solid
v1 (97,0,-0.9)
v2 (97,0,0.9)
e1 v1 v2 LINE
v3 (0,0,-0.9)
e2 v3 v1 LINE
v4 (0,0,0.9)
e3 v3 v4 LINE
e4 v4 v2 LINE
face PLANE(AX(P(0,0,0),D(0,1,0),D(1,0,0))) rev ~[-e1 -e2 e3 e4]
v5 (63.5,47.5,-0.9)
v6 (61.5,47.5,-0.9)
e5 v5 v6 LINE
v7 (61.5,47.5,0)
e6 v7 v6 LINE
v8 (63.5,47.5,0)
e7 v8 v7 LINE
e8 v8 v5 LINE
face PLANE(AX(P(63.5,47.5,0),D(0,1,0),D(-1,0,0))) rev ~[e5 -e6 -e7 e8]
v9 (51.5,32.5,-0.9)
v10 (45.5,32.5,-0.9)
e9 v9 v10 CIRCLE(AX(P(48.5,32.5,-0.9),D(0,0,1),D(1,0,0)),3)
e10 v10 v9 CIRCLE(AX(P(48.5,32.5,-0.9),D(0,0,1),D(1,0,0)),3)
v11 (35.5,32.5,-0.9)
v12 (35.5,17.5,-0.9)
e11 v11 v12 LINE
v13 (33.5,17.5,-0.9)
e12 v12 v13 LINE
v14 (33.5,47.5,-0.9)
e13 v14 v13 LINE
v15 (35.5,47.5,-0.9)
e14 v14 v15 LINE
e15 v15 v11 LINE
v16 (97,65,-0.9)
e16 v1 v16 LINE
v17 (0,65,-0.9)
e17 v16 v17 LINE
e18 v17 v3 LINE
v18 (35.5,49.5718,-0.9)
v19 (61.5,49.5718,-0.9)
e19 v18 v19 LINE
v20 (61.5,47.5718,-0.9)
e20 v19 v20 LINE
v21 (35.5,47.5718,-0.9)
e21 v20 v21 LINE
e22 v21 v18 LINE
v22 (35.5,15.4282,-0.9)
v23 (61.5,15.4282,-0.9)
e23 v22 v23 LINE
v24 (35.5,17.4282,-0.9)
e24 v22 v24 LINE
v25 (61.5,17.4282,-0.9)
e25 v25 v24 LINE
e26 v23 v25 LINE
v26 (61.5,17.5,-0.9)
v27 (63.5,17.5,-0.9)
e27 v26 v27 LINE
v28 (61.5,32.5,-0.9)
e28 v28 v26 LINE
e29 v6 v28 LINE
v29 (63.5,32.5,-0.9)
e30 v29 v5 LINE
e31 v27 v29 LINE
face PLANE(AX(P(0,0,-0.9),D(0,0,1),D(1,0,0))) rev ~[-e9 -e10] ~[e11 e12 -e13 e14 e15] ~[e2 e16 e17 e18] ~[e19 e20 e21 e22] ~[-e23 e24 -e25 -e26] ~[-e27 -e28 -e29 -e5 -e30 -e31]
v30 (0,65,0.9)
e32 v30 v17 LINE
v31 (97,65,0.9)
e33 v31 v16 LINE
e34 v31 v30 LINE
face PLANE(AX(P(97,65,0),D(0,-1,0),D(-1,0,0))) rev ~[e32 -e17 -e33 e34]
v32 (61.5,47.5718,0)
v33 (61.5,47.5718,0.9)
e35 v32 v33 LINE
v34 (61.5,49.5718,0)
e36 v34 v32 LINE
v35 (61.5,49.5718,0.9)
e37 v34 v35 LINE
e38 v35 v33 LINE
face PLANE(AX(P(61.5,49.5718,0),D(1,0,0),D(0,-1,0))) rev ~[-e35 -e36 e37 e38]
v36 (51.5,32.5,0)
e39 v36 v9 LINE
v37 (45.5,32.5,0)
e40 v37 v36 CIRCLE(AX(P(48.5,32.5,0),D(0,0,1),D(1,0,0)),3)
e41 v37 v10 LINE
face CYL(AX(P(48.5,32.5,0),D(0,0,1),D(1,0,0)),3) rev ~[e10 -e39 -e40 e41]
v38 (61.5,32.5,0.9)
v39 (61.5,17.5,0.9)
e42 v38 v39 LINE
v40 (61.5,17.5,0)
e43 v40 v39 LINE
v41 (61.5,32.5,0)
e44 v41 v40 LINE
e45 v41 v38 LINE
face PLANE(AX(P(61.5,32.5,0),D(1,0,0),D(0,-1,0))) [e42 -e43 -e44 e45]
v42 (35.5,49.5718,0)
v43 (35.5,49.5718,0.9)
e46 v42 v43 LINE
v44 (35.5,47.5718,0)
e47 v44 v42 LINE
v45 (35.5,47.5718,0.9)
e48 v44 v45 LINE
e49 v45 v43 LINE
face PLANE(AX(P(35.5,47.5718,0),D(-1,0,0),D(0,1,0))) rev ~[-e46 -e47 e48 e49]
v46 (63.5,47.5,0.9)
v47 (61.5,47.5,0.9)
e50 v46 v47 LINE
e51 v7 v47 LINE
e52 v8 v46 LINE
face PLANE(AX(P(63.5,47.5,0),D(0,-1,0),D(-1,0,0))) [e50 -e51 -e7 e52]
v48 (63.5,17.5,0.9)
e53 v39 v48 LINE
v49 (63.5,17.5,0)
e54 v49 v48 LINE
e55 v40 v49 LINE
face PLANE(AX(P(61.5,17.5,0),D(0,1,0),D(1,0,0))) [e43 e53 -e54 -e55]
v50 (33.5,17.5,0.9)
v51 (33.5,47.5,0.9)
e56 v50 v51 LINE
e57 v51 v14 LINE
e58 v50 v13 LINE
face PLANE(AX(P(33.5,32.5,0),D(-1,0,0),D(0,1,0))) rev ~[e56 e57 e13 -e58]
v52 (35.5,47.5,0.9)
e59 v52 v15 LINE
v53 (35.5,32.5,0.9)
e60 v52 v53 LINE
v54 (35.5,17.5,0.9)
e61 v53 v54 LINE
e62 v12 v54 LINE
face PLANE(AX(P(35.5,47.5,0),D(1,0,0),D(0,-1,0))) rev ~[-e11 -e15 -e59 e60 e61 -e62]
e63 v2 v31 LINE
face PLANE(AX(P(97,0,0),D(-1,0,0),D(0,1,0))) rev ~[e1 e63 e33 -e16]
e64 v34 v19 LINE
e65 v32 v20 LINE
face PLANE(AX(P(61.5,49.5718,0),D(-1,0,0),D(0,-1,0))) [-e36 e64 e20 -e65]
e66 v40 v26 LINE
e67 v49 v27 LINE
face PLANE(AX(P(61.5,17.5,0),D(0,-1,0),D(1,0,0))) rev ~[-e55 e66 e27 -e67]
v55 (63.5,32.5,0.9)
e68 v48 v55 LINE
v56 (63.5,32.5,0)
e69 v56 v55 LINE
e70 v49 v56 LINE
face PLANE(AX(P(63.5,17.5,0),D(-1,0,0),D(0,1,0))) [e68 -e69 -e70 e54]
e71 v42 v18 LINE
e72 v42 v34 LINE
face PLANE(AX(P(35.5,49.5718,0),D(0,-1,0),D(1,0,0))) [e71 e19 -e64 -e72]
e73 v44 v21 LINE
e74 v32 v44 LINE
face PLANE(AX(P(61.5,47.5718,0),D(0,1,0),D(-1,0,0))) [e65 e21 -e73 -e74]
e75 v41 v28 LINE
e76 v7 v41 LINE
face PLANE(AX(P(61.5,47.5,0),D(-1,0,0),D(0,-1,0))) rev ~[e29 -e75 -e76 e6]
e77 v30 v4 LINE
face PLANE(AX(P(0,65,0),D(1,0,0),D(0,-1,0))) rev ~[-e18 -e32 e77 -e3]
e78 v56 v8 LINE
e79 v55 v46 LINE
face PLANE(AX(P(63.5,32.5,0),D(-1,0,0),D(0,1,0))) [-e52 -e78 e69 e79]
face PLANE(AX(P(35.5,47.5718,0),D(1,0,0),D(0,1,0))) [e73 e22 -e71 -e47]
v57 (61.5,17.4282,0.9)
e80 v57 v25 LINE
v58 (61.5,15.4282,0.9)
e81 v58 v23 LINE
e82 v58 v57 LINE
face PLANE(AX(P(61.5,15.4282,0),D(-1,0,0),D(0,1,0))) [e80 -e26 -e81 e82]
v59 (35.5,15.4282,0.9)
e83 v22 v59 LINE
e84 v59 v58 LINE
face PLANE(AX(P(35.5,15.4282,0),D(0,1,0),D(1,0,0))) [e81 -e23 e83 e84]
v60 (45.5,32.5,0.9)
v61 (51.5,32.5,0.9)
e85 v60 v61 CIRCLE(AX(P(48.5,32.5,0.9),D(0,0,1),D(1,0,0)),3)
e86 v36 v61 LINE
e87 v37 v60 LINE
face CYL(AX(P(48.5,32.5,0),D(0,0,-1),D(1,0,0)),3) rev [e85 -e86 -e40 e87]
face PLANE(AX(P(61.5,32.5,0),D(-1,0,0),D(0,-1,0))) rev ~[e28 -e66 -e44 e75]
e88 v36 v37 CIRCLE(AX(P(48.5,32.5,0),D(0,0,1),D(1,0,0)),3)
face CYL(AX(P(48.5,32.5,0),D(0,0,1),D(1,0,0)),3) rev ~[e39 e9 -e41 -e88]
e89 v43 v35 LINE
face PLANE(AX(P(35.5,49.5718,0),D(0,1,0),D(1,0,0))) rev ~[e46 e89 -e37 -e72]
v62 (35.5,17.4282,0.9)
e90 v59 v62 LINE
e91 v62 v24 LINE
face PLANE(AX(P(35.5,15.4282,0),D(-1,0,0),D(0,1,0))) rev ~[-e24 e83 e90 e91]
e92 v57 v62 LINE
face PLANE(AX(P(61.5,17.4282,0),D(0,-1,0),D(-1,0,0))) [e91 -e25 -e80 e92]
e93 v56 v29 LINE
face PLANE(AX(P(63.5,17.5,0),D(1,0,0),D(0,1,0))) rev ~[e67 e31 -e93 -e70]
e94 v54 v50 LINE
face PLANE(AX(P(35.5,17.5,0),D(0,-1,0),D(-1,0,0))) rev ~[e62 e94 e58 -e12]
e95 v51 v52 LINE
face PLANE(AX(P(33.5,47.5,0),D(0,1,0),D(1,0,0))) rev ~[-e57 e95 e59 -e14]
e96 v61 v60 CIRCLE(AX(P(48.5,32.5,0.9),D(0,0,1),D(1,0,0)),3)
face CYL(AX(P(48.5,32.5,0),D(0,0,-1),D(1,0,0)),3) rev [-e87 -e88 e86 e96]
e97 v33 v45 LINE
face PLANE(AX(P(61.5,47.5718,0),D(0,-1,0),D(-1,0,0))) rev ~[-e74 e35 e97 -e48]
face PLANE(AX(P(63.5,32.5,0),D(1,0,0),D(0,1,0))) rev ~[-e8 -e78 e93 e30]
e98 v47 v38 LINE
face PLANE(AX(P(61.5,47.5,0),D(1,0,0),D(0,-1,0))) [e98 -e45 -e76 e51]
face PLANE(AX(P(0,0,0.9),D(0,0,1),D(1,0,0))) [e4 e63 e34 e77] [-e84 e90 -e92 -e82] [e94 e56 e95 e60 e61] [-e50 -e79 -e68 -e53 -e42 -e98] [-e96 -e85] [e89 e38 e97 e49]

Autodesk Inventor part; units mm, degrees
ref_plane "YZ Plane" through (0, 0, 0) normal (1, 0, 0) x (0, 1, 0)
ref_plane "XZ Plane" through (0, 0, 0) normal (0, 1, 0) x (-1, 0, 0)
ref_plane "XY Plane" through (0, 0, 0) normal (0, 0, 1) x (1, 0, 0)
sketch "Sketch1" plane through (0, 0, 0) normal (0, 0, 1) x (1, 0, 0)
  line L0 (0, 0) -> (97, 0)
  line L1 (97, 0) -> (97, 65)
  line L2 (97, 65) -> (0, 65)
  line L3 (0, 65) -> (0, 0)
  circle A0 centre (48.5, 32.5) radius 3
  line L4 (63.5, 47.5) -> (61.5, 47.5)
  line L5 (61.5, 47.5) -> (61.5, 17.5)
  line L6 (61.5, 17.5) -> (63.5, 17.5)
  line L7 (63.5, 17.5) -> (63.5, 47.5)
  line L8 (33.5, 47.5) -> (35.5, 47.5)
  line L9 (35.5, 47.5) -> (35.5, 17.5)
  line L10 (35.5, 17.5) -> (33.5, 17.5)
  line L11 (33.5, 17.5) -> (33.5, 47.5)
  line L12 (35.5, 49.5718) -> (61.5, 49.5718)
  line L13 (61.5, 49.5718) -> (61.5, 47.5718)
  line L14 (61.5, 47.5718) -> (35.5, 47.5718)
  line L15 (35.5, 47.5718) -> (35.5, 49.5718)
  line L16 (48.5, 32.5) -> (31.2053, 32.5)
  line L17 (31.2053, 32.5) -> (48.5, 32.5)
  line L18 (48.5, 32.5) -> (67.3058, 32.5)
  line L19 (35.5, 15.4282) -> (61.5, 15.4282)
  line L20 (61.5, 17.4282) -> (35.5, 17.4282)
  line L21 (61.5, 15.4282) -> (61.5, 17.4282)
  line L22 (35.5, 15.4282) -> (35.5, 17.4282)
  point P0 (0, 32.5)
  point P1 (62.5, 47.5)
  dimension "d2" = 97
  dimension "d3" = 65
  dimension "d4" = 6
  dimension "d6" = 32.5
  dimension "d7" = 48.5
  dimension "d8" = 2
  dimension "d9" = 30
  dimension "d12" = 15
  dimension "d13" = 2
  dimension "d14" = 30
  dimension "d15" = 15
  dimension "d16" = 2
  dimension "d20" = 26
  dimension "d21" = 0
extrude "Extrusion1" add sketch "Sketch1" along normal mid plane 1.8
